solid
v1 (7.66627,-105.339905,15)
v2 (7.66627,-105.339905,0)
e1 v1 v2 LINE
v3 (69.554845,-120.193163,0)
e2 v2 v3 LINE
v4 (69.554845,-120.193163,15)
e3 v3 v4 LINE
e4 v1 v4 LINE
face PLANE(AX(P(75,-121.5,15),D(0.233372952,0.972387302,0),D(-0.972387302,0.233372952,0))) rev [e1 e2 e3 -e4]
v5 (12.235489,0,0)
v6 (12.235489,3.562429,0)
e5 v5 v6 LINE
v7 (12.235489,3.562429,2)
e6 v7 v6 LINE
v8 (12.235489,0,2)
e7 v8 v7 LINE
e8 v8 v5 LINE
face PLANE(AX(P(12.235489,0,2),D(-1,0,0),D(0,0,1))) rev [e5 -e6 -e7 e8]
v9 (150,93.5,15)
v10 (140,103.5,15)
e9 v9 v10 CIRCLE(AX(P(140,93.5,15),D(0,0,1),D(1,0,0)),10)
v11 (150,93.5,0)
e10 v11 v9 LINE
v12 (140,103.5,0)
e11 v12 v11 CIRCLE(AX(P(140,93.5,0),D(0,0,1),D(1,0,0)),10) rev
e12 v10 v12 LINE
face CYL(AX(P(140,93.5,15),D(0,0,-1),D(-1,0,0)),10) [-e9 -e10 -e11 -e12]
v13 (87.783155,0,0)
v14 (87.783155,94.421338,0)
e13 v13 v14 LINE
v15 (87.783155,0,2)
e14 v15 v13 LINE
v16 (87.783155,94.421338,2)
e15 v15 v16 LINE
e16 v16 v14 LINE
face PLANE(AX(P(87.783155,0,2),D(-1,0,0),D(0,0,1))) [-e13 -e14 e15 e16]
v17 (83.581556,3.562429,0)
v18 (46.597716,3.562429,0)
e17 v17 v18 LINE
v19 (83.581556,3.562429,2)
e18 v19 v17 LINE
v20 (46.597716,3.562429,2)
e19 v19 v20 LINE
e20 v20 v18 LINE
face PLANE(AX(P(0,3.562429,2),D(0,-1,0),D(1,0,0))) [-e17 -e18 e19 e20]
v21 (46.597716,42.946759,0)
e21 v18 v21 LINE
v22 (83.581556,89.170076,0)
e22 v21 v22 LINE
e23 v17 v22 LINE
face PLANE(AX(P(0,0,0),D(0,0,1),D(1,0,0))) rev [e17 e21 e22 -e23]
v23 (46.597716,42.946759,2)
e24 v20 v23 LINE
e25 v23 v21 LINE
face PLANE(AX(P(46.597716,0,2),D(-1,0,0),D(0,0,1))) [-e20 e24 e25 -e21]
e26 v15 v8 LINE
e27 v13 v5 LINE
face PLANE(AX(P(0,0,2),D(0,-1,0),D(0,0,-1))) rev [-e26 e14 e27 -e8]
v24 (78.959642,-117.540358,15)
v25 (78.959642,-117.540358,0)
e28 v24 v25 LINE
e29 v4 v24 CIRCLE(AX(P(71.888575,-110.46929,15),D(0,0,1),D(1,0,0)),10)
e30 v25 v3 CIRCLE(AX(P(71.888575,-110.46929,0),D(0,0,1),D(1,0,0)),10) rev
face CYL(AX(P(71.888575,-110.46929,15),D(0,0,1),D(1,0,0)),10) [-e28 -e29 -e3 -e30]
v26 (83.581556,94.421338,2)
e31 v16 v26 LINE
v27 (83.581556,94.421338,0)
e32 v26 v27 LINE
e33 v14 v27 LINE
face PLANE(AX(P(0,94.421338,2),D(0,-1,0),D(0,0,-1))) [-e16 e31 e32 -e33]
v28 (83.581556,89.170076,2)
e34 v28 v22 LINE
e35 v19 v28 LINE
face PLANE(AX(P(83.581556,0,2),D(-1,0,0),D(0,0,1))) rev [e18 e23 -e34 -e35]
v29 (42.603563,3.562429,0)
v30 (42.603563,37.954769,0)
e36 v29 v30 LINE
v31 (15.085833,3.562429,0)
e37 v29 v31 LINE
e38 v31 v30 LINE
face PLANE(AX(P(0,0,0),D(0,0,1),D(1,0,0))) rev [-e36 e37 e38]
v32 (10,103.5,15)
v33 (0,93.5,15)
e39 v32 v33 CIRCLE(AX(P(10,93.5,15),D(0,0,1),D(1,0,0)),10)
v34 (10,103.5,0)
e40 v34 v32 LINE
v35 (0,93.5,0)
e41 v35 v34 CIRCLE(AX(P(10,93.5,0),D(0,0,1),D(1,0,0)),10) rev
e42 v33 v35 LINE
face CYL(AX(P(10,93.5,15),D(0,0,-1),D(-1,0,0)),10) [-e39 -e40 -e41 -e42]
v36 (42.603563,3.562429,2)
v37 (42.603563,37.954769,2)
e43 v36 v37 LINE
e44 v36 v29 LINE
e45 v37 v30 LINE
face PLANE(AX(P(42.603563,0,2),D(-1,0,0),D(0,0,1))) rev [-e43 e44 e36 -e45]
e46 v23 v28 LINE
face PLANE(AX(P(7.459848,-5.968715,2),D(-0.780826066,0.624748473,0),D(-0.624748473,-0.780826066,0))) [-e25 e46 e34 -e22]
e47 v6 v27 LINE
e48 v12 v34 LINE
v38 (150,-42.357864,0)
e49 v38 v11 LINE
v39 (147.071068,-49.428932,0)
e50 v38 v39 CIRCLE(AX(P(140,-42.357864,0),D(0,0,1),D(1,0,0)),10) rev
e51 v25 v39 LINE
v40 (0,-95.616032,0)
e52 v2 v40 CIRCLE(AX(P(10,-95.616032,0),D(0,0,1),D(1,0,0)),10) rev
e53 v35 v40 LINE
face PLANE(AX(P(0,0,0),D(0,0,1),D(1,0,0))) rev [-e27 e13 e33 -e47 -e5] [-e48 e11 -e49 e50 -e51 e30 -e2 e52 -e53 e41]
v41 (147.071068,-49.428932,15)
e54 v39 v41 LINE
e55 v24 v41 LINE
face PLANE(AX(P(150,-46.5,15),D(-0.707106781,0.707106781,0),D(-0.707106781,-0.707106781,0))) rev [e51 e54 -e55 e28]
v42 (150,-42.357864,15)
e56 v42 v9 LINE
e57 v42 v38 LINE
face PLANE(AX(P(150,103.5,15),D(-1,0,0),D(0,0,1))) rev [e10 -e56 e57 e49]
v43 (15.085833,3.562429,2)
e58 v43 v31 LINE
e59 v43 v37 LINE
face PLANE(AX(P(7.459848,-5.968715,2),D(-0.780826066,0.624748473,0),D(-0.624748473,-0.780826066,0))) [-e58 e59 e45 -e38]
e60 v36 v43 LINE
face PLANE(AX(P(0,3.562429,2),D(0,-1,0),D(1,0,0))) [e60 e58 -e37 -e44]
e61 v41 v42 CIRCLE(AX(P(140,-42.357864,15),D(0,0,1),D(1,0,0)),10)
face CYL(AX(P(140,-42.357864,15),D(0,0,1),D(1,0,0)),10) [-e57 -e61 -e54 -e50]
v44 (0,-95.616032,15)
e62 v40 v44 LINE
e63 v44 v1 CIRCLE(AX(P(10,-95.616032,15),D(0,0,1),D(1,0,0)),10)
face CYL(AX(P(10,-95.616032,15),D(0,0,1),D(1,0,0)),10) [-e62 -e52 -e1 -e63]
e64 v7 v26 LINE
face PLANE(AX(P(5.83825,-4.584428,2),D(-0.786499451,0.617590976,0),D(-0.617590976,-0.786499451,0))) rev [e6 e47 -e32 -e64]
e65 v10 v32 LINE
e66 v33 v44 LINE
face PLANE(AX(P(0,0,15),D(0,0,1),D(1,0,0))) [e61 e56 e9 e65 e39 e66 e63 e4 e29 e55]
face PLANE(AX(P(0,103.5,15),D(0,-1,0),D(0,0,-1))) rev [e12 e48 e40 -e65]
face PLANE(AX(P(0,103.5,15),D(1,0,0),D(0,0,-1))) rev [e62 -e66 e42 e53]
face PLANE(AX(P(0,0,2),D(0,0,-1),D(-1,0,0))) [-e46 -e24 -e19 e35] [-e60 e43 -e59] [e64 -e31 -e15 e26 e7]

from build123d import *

# Parameters (mm, degrees)
BOSS_EXTRUDE1_DEPTH = 15
FILLET1_R           = 10
FILLET2_R           = 10
FILLET4_R           = 10
FILLET5_R           = 10
FILLET6_R           = 10
CUT_EXTRUDE1_DEPTH  = 2


with BuildPart() as part:
    # Sketch1 → Boss-Extrude1 (new body)
    with BuildSketch(Plane.XY):
        Polygon((0, 103.5), (0, -103.5), (75, -121.5), (150, -46.5), (150, 103.5), align=None)
    extrude(amount=BOSS_EXTRUDE1_DEPTH)

    # Fillet1
    fillet1_edges = [part.edges().sort_by_distance(p)[0] for p in [
        (0, -103.5, 7.5),
    ]]
    fillet(fillet1_edges, radius=FILLET1_R)

    # Fillet2
    fillet2_edges = [part.edges().sort_by_distance(p)[0] for p in [
        (75, -121.5, 7.5),
    ]]
    fillet(fillet2_edges, radius=FILLET2_R)

    # Fillet4
    fillet4_edges = [part.edges().sort_by_distance(p)[0] for p in [
        (150, -46.5, 7.5),
    ]]
    fillet(fillet4_edges, radius=FILLET4_R)

    # Fillet5
    fillet5_edges = [part.edges().sort_by_distance(p)[0] for p in [
        (150, 103.5, 7.5),
    ]]
    fillet(fillet5_edges, radius=FILLET5_R)

    # Fillet6
    fillet6_edges = [part.edges().sort_by_distance(p)[0] for p in [
        (0, 103.5, 7.5),
    ]]
    fillet(fillet6_edges, radius=FILLET6_R)

    # Sketch2 → Cut-Extrude1 (cut)
    with BuildSketch(Plane(origin=(0, 0, 0), x_dir=(-1, 0, 0), z_dir=(0, 0, -1))):
        Polygon((-12.235489358, 0), (-12.235489358, 3.562429258), (-83.581556078, 94.421338251), (-87.783155362, 94.421338251), (-87.783155362, 3.562429258), (-87.783155362, 0), (-83.581556078, 0), (-46.597715557, 0), (-42.603563367, 0), align=None)
        Polygon((-46.597715557, 3.562429258), (-83.581556078, 3.562429258), (-83.581556078, 89.170075728), (-46.597715557, 42.94675871), align=None, mode=Mode.SUBTRACT)
        Polygon((-42.603563367, 37.954768687), (-15.085832519, 3.562429258), (-42.603563367, 3.562429258), align=None, mode=Mode.SUBTRACT)
    extrude(amount=-CUT_EXTRUDE1_DEPTH, mode=Mode.SUBTRACT)


solid = part.part
